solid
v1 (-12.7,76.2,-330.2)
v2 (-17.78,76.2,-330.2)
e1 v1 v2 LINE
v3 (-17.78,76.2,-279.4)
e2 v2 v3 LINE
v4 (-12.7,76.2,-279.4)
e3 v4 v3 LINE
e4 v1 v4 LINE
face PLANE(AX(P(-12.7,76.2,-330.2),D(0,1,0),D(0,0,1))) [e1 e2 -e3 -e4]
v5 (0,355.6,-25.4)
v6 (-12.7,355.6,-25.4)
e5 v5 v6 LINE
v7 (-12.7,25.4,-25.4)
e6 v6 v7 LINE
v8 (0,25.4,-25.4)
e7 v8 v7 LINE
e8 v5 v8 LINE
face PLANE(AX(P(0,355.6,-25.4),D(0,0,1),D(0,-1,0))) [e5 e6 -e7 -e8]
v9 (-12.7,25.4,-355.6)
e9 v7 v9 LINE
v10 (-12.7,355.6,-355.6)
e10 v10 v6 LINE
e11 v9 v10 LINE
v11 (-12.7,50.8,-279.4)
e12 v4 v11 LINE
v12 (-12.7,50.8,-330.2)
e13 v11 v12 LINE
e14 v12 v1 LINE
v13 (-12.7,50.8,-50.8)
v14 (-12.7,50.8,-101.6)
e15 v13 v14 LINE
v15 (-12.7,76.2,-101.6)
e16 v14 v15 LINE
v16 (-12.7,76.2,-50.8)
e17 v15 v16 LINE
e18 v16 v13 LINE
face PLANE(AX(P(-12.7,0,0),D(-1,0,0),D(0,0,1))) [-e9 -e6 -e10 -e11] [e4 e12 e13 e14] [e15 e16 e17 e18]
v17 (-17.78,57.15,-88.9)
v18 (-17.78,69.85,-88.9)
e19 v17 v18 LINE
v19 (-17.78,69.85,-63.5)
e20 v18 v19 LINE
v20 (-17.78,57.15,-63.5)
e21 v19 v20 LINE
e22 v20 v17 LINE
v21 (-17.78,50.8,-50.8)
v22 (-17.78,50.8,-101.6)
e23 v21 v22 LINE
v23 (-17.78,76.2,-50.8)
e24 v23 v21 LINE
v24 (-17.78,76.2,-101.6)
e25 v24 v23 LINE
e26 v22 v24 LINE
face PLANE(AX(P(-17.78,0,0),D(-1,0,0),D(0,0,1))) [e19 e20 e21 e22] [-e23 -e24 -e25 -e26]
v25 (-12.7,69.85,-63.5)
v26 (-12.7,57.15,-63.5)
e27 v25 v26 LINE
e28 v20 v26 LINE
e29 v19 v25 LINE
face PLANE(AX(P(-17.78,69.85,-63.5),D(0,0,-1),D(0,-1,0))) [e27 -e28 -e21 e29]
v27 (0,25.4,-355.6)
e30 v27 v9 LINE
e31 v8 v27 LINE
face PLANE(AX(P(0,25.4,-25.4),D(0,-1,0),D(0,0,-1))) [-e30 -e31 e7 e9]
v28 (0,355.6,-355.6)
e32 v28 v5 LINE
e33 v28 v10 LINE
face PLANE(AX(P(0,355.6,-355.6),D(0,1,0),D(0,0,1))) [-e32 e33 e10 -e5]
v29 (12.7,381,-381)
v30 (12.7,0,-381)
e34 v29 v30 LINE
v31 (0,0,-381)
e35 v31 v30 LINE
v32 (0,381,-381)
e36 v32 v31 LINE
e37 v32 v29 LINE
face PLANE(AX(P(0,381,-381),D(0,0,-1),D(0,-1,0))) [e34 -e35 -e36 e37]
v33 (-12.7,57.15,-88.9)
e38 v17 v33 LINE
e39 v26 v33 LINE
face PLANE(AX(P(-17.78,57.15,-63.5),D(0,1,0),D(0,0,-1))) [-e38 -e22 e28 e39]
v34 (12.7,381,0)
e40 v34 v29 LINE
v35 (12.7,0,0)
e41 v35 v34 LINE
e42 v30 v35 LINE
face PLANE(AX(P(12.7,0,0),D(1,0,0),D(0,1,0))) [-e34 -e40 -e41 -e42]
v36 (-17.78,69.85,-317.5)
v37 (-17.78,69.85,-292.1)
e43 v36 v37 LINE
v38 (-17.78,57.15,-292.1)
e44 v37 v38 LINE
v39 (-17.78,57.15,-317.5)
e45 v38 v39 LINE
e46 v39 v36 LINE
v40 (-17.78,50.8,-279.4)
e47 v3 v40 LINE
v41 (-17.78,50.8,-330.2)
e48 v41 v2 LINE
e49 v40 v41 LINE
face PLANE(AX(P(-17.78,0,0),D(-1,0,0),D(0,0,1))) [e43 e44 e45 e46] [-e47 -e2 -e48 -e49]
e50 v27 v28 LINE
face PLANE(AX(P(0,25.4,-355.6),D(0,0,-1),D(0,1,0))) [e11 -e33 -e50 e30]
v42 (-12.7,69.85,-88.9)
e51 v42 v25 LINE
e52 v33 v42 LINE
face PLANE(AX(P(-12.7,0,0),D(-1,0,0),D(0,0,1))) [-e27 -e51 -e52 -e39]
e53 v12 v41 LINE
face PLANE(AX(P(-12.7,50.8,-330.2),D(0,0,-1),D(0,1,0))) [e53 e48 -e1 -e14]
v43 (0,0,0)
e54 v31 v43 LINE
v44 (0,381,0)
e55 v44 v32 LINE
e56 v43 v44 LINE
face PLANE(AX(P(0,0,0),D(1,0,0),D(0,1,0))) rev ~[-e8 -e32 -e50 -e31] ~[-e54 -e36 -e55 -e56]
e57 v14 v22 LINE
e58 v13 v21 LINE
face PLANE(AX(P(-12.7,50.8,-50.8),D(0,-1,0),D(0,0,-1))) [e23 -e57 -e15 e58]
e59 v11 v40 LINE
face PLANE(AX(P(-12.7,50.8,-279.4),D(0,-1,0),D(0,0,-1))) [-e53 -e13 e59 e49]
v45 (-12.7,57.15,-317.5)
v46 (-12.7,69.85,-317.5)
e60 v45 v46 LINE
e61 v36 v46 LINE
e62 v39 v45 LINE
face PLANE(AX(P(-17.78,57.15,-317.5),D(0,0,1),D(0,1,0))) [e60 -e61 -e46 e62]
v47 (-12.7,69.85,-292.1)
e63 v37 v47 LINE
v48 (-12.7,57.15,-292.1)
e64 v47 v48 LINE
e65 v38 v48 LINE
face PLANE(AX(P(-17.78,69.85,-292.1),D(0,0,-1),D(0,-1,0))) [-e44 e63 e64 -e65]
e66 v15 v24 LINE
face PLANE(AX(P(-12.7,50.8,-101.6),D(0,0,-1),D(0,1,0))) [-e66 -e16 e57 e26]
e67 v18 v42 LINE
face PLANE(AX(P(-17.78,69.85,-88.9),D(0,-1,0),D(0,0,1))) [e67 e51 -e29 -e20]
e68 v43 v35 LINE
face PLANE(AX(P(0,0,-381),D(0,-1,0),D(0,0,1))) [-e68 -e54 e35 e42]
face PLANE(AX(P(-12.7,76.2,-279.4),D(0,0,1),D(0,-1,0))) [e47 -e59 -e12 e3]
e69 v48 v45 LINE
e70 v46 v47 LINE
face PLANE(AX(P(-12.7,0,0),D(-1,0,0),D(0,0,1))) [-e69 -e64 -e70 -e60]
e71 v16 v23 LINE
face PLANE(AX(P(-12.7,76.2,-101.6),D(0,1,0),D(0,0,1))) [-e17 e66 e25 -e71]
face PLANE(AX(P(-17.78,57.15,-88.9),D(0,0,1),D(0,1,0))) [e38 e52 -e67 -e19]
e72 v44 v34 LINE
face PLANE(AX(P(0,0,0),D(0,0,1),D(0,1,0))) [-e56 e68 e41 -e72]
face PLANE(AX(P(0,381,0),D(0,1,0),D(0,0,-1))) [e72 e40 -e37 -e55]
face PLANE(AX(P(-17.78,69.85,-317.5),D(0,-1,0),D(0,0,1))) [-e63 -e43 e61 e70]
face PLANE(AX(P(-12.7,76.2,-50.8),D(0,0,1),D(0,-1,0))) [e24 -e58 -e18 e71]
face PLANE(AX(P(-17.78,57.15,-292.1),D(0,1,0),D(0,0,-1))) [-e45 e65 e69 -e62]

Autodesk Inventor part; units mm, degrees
ref_plane "YZ Plane" through (0, 0, 0) normal (1, 0, 0) x (0, 1, 0)
ref_plane "XZ Plane" through (0, 0, 0) normal (0, 1, 0) x (-1, 0, 0)
ref_plane "XY Plane" through (0, 0, 0) normal (0, 0, 1) x (1, 0, 0)
sketch "Sketch1" plane through (0, 0, 0) normal (1, 0, 0) x (0, 1, 0)
  line L0 (0, 0) -> (381, 0)
  line L1 (381, 0) -> (381, -381)
  line L2 (381, -381) -> (0, -381)
  line L3 (0, -381) -> (0, 0)
  dimension "d0" = 381
  dimension "d1" = 381
extrude "Extrusion1" add sketch "Sketch1" along normal blind 12.7
sketch "Sketch2" plane through (0, 0, 0) normal (-1, 0, 0) x (0, 0, 1)
  line L0 (-355.6, 355.6) -> (-25.4, 355.6)
  line L1 (-25.4, 355.6) -> (-25.4, 25.4)
  line L2 (-25.4, 25.4) -> (-355.6, 25.4)
  line L3 (-355.6, 25.4) -> (-355.6, 355.6)
  line L4 (-381, 0) -> (-381, 381) projected
  line L5 (0, 381) -> (0, 0) projected
  line L6 (0, 0) -> (-381, 0) projected
  line L7 (-381, 381) -> (0, 381) projected
  dimension "d4" = 25.4
  dimension "d5" = 25.4
  dimension "d6" = 25.4
  dimension "d7" = 25.4
extrude "Extrusion2" add sketch "Sketch2" along normal blind 12.7 contours L0 L1 L2 L3
sketch "Sketch3" plane through (-12.7, 0, 0) normal (-1, 0, 0) x (0, 0, 1)
  line L0 (-330.2, 76.2) -> (-279.4, 76.2)
  line L1 (-279.4, 76.2) -> (-279.4, 50.8)
  line L2 (-279.4, 50.8) -> (-330.2, 50.8)
  line L3 (-330.2, 50.8) -> (-330.2, 76.2)
  line L4 (-355.6, 355.6) -> (-355.6, 25.4) projected
  line L5 (-355.6, 25.4) -> (-25.4, 25.4) projected
  point P0 (0, 0)
  dimension "d10" = 25.4
  dimension "d11" = 25.4
  dimension "d12" = 25.4
  dimension "d13" = 50.8
extrude "Extrusion3" add sketch "Sketch3" along normal blind 5.08
sketch "Sketch4" plane through (-12.7, 0, 0) normal (-1, 0, 0) x (0, 0, 1)
  line L0 (-101.6, 76.2) -> (-50.8, 76.2)
  line L1 (-50.8, 76.2) -> (-50.8, 50.8)
  line L2 (-50.8, 50.8) -> (-101.6, 50.8)
  line L3 (-101.6, 50.8) -> (-101.6, 76.2)
  line L4 (-25.4, 25.4) -> (-25.4, 355.6) projected
  line L5 (-355.6, 25.4) -> (-25.4, 25.4) projected
  point P0 (0, 0)
  dimension "d16" = 25.4
  dimension "d17" = 25.4
  dimension "d18" = 25.4
  dimension "d19" = 50.8
extrude "Extrusion4" add sketch "Sketch4" along normal blind 5.08
sketch "Sketch5" plane through (-17.78, 0, 0) normal (-1, 0, 0) x (0, 0, 1)
  line L0 (-317.5, 69.85) -> (-292.1, 69.85)
  line L1 (-292.1, 69.85) -> (-292.1, 57.15)
  line L2 (-292.1, 57.15) -> (-317.5, 57.15)
  line L3 (-317.5, 57.15) -> (-317.5, 69.85)
  line L4 (-279.4, 50.8) -> (-279.4, 76.2) projected
  line L5 (-330.2, 76.2) -> (-330.2, 50.8) projected
  line L6 (-279.4, 76.2) -> (-330.2, 76.2) projected
  line L7 (-330.2, 50.8) -> (-279.4, 50.8) projected
  point P0 (0, 0)
  dimension "d22" = 12.7
  dimension "d23" = 12.7
  dimension "d24" = 6.35
  dimension "d25" = 6.35
extrude "Extrusion5" cut sketch "Sketch5" against normal blind 5.08 contours L0 L1 L2 L3
sketch "Sketch6" plane through (-17.78, 0, 0) normal (-1, 0, 0) x (0, 0, 1)
  line L0 (-88.9, 69.85) -> (-63.5, 69.85)
  line L1 (-63.5, 69.85) -> (-63.5, 57.15)
  line L2 (-63.5, 57.15) -> (-88.9, 57.15)
  line L3 (-88.9, 57.15) -> (-88.9, 69.85)
  line L4 (-101.6, 76.2) -> (-101.6, 50.8) projected
  line L5 (-50.8, 50.8) -> (-50.8, 76.2) projected
  line L6 (-50.8, 76.2) -> (-101.6, 76.2) projected
  line L7 (-101.6, 50.8) -> (-50.8, 50.8) projected
  point P0 (0, 0)
  dimension "d28" = 12.7
  dimension "d29" = 12.7
  dimension "d30" = 6.35
  dimension "d31" = 6.35
extrude "Extrusion6" cut sketch "Sketch6" against normal blind 5.08 contours L0 L1 L2 L3
properties part number "front"
